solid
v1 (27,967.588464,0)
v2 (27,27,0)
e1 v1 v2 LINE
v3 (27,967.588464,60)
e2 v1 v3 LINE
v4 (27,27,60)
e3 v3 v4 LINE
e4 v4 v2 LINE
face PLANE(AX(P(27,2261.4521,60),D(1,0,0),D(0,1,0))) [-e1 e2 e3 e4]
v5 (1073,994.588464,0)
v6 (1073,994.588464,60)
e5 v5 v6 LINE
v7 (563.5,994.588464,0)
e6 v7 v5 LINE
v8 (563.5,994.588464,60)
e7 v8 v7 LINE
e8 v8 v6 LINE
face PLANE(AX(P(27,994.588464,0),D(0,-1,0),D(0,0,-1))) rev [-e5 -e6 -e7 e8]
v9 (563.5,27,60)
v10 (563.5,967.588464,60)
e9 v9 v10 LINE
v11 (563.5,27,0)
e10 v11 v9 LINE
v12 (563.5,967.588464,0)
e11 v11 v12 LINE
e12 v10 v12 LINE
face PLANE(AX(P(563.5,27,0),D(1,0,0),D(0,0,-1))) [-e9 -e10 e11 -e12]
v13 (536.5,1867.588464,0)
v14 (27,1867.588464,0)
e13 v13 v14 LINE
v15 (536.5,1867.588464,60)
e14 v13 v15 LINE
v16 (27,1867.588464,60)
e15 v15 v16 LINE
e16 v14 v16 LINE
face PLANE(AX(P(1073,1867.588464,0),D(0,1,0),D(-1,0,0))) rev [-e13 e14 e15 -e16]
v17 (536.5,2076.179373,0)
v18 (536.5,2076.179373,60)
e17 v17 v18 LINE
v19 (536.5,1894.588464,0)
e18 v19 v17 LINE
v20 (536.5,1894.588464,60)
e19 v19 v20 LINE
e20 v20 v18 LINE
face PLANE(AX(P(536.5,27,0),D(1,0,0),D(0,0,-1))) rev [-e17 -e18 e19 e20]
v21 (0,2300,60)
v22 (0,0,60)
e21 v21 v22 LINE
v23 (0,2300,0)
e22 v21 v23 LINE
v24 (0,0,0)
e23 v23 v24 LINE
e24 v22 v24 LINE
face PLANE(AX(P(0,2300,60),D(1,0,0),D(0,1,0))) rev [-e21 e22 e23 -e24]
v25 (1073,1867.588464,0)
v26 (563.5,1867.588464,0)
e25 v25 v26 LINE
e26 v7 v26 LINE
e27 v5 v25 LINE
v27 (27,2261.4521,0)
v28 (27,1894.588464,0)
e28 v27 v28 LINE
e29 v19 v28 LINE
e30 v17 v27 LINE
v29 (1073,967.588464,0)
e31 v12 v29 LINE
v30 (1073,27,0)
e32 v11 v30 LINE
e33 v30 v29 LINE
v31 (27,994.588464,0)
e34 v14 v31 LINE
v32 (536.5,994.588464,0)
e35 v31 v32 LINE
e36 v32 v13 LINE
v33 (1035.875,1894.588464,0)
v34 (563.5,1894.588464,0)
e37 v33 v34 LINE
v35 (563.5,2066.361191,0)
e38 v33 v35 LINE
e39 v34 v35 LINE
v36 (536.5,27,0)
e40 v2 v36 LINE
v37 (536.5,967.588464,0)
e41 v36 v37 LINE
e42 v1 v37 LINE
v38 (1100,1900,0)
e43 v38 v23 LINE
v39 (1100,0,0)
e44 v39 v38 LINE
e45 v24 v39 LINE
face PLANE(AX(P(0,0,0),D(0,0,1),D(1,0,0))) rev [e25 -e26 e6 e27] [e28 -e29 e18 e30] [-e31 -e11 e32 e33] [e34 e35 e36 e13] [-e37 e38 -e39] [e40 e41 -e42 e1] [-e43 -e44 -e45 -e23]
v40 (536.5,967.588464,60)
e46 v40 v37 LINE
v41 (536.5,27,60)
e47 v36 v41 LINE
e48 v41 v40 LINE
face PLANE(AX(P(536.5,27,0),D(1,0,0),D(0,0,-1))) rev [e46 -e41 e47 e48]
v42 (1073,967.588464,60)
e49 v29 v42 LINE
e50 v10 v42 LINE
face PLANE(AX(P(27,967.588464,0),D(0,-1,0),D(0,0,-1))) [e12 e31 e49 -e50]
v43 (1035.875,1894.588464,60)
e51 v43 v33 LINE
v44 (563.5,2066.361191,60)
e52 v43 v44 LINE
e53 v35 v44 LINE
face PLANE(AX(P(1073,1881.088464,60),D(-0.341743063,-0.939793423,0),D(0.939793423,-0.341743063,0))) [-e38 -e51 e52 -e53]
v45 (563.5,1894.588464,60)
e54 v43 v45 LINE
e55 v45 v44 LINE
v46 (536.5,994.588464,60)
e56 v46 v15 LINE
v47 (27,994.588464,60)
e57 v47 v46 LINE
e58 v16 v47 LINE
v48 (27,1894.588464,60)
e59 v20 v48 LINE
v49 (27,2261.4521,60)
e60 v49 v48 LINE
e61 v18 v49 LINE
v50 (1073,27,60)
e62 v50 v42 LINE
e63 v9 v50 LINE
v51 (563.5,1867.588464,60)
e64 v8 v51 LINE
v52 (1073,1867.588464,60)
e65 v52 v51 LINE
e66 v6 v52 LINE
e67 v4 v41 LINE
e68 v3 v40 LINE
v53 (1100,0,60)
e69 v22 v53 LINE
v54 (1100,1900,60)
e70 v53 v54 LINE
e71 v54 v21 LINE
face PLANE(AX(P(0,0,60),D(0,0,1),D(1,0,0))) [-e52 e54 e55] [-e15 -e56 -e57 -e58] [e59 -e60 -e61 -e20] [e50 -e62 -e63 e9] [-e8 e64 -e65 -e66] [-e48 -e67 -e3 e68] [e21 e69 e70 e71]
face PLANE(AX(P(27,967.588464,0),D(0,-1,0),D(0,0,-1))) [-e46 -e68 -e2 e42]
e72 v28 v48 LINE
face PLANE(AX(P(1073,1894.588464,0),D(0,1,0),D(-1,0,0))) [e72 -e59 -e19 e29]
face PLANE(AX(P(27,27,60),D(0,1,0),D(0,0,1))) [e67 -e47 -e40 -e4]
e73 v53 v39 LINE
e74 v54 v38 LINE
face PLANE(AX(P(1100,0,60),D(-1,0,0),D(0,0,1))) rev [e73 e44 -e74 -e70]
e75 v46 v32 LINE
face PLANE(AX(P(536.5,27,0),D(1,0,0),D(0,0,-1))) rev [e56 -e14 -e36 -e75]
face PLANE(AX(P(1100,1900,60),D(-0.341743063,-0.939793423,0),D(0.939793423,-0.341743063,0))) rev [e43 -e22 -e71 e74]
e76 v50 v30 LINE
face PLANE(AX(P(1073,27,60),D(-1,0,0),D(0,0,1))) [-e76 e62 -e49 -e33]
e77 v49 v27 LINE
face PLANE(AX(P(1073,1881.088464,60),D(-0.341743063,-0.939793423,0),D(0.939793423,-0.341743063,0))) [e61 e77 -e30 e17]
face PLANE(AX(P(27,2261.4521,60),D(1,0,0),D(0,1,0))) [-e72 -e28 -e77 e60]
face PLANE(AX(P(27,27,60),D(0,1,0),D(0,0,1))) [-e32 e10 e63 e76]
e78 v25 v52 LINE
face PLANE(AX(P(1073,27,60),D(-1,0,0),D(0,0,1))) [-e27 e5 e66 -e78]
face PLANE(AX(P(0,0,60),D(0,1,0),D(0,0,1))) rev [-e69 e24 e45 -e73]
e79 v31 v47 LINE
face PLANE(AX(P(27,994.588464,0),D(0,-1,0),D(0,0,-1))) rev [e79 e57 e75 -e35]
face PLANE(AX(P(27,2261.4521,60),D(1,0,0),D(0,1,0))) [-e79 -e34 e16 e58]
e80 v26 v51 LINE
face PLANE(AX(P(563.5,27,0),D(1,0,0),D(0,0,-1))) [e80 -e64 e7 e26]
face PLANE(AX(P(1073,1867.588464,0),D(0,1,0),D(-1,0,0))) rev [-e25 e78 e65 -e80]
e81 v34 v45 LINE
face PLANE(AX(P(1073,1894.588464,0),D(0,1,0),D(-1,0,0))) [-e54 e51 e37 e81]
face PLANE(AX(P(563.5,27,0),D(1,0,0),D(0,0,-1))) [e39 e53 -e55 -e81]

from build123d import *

# Parameters (mm, degrees)
BOSS_EXTRU_1_DEPTH = 60
ESQUISSE2_W        = 27
ESQUISSE2_H        = 2063
ESQUISSE2_W_2      = 1046
ESQUISSE2_H_2      = 27
EXTRU_MINCE1_DEPTH = 60


with BuildPart() as part:
    # Esquisse1 → Boss.-Extru.1 (new body)
    with BuildSketch(Plane.XY):
        Polygon((0, 0), (1100, 0), (1100, 1900), (0, 2300), align=None)
        Polygon((27, 27), (1073, 27), (1073, 1881.088463856), (27, 2261.452100219), align=None, mode=Mode.SUBTRACT)
    extrude(amount=BOSS_EXTRU_1_DEPTH)

    # Esquisse2 → Extru.-Mince1 (add)
    with BuildSketch(Plane.XY.offset(60)):
        with Locations((550, 1058.5)):
            Rectangle(ESQUISSE2_W, ESQUISSE2_H)
        with Locations((550, 1881.088463856)):
            Rectangle(ESQUISSE2_W_2, ESQUISSE2_H_2)
        with Locations((550, 981.088463856)):
            Rectangle(ESQUISSE2_W_2, ESQUISSE2_H_2)
    extrude(amount=-EXTRU_MINCE1_DEPTH)


solid = part.part
